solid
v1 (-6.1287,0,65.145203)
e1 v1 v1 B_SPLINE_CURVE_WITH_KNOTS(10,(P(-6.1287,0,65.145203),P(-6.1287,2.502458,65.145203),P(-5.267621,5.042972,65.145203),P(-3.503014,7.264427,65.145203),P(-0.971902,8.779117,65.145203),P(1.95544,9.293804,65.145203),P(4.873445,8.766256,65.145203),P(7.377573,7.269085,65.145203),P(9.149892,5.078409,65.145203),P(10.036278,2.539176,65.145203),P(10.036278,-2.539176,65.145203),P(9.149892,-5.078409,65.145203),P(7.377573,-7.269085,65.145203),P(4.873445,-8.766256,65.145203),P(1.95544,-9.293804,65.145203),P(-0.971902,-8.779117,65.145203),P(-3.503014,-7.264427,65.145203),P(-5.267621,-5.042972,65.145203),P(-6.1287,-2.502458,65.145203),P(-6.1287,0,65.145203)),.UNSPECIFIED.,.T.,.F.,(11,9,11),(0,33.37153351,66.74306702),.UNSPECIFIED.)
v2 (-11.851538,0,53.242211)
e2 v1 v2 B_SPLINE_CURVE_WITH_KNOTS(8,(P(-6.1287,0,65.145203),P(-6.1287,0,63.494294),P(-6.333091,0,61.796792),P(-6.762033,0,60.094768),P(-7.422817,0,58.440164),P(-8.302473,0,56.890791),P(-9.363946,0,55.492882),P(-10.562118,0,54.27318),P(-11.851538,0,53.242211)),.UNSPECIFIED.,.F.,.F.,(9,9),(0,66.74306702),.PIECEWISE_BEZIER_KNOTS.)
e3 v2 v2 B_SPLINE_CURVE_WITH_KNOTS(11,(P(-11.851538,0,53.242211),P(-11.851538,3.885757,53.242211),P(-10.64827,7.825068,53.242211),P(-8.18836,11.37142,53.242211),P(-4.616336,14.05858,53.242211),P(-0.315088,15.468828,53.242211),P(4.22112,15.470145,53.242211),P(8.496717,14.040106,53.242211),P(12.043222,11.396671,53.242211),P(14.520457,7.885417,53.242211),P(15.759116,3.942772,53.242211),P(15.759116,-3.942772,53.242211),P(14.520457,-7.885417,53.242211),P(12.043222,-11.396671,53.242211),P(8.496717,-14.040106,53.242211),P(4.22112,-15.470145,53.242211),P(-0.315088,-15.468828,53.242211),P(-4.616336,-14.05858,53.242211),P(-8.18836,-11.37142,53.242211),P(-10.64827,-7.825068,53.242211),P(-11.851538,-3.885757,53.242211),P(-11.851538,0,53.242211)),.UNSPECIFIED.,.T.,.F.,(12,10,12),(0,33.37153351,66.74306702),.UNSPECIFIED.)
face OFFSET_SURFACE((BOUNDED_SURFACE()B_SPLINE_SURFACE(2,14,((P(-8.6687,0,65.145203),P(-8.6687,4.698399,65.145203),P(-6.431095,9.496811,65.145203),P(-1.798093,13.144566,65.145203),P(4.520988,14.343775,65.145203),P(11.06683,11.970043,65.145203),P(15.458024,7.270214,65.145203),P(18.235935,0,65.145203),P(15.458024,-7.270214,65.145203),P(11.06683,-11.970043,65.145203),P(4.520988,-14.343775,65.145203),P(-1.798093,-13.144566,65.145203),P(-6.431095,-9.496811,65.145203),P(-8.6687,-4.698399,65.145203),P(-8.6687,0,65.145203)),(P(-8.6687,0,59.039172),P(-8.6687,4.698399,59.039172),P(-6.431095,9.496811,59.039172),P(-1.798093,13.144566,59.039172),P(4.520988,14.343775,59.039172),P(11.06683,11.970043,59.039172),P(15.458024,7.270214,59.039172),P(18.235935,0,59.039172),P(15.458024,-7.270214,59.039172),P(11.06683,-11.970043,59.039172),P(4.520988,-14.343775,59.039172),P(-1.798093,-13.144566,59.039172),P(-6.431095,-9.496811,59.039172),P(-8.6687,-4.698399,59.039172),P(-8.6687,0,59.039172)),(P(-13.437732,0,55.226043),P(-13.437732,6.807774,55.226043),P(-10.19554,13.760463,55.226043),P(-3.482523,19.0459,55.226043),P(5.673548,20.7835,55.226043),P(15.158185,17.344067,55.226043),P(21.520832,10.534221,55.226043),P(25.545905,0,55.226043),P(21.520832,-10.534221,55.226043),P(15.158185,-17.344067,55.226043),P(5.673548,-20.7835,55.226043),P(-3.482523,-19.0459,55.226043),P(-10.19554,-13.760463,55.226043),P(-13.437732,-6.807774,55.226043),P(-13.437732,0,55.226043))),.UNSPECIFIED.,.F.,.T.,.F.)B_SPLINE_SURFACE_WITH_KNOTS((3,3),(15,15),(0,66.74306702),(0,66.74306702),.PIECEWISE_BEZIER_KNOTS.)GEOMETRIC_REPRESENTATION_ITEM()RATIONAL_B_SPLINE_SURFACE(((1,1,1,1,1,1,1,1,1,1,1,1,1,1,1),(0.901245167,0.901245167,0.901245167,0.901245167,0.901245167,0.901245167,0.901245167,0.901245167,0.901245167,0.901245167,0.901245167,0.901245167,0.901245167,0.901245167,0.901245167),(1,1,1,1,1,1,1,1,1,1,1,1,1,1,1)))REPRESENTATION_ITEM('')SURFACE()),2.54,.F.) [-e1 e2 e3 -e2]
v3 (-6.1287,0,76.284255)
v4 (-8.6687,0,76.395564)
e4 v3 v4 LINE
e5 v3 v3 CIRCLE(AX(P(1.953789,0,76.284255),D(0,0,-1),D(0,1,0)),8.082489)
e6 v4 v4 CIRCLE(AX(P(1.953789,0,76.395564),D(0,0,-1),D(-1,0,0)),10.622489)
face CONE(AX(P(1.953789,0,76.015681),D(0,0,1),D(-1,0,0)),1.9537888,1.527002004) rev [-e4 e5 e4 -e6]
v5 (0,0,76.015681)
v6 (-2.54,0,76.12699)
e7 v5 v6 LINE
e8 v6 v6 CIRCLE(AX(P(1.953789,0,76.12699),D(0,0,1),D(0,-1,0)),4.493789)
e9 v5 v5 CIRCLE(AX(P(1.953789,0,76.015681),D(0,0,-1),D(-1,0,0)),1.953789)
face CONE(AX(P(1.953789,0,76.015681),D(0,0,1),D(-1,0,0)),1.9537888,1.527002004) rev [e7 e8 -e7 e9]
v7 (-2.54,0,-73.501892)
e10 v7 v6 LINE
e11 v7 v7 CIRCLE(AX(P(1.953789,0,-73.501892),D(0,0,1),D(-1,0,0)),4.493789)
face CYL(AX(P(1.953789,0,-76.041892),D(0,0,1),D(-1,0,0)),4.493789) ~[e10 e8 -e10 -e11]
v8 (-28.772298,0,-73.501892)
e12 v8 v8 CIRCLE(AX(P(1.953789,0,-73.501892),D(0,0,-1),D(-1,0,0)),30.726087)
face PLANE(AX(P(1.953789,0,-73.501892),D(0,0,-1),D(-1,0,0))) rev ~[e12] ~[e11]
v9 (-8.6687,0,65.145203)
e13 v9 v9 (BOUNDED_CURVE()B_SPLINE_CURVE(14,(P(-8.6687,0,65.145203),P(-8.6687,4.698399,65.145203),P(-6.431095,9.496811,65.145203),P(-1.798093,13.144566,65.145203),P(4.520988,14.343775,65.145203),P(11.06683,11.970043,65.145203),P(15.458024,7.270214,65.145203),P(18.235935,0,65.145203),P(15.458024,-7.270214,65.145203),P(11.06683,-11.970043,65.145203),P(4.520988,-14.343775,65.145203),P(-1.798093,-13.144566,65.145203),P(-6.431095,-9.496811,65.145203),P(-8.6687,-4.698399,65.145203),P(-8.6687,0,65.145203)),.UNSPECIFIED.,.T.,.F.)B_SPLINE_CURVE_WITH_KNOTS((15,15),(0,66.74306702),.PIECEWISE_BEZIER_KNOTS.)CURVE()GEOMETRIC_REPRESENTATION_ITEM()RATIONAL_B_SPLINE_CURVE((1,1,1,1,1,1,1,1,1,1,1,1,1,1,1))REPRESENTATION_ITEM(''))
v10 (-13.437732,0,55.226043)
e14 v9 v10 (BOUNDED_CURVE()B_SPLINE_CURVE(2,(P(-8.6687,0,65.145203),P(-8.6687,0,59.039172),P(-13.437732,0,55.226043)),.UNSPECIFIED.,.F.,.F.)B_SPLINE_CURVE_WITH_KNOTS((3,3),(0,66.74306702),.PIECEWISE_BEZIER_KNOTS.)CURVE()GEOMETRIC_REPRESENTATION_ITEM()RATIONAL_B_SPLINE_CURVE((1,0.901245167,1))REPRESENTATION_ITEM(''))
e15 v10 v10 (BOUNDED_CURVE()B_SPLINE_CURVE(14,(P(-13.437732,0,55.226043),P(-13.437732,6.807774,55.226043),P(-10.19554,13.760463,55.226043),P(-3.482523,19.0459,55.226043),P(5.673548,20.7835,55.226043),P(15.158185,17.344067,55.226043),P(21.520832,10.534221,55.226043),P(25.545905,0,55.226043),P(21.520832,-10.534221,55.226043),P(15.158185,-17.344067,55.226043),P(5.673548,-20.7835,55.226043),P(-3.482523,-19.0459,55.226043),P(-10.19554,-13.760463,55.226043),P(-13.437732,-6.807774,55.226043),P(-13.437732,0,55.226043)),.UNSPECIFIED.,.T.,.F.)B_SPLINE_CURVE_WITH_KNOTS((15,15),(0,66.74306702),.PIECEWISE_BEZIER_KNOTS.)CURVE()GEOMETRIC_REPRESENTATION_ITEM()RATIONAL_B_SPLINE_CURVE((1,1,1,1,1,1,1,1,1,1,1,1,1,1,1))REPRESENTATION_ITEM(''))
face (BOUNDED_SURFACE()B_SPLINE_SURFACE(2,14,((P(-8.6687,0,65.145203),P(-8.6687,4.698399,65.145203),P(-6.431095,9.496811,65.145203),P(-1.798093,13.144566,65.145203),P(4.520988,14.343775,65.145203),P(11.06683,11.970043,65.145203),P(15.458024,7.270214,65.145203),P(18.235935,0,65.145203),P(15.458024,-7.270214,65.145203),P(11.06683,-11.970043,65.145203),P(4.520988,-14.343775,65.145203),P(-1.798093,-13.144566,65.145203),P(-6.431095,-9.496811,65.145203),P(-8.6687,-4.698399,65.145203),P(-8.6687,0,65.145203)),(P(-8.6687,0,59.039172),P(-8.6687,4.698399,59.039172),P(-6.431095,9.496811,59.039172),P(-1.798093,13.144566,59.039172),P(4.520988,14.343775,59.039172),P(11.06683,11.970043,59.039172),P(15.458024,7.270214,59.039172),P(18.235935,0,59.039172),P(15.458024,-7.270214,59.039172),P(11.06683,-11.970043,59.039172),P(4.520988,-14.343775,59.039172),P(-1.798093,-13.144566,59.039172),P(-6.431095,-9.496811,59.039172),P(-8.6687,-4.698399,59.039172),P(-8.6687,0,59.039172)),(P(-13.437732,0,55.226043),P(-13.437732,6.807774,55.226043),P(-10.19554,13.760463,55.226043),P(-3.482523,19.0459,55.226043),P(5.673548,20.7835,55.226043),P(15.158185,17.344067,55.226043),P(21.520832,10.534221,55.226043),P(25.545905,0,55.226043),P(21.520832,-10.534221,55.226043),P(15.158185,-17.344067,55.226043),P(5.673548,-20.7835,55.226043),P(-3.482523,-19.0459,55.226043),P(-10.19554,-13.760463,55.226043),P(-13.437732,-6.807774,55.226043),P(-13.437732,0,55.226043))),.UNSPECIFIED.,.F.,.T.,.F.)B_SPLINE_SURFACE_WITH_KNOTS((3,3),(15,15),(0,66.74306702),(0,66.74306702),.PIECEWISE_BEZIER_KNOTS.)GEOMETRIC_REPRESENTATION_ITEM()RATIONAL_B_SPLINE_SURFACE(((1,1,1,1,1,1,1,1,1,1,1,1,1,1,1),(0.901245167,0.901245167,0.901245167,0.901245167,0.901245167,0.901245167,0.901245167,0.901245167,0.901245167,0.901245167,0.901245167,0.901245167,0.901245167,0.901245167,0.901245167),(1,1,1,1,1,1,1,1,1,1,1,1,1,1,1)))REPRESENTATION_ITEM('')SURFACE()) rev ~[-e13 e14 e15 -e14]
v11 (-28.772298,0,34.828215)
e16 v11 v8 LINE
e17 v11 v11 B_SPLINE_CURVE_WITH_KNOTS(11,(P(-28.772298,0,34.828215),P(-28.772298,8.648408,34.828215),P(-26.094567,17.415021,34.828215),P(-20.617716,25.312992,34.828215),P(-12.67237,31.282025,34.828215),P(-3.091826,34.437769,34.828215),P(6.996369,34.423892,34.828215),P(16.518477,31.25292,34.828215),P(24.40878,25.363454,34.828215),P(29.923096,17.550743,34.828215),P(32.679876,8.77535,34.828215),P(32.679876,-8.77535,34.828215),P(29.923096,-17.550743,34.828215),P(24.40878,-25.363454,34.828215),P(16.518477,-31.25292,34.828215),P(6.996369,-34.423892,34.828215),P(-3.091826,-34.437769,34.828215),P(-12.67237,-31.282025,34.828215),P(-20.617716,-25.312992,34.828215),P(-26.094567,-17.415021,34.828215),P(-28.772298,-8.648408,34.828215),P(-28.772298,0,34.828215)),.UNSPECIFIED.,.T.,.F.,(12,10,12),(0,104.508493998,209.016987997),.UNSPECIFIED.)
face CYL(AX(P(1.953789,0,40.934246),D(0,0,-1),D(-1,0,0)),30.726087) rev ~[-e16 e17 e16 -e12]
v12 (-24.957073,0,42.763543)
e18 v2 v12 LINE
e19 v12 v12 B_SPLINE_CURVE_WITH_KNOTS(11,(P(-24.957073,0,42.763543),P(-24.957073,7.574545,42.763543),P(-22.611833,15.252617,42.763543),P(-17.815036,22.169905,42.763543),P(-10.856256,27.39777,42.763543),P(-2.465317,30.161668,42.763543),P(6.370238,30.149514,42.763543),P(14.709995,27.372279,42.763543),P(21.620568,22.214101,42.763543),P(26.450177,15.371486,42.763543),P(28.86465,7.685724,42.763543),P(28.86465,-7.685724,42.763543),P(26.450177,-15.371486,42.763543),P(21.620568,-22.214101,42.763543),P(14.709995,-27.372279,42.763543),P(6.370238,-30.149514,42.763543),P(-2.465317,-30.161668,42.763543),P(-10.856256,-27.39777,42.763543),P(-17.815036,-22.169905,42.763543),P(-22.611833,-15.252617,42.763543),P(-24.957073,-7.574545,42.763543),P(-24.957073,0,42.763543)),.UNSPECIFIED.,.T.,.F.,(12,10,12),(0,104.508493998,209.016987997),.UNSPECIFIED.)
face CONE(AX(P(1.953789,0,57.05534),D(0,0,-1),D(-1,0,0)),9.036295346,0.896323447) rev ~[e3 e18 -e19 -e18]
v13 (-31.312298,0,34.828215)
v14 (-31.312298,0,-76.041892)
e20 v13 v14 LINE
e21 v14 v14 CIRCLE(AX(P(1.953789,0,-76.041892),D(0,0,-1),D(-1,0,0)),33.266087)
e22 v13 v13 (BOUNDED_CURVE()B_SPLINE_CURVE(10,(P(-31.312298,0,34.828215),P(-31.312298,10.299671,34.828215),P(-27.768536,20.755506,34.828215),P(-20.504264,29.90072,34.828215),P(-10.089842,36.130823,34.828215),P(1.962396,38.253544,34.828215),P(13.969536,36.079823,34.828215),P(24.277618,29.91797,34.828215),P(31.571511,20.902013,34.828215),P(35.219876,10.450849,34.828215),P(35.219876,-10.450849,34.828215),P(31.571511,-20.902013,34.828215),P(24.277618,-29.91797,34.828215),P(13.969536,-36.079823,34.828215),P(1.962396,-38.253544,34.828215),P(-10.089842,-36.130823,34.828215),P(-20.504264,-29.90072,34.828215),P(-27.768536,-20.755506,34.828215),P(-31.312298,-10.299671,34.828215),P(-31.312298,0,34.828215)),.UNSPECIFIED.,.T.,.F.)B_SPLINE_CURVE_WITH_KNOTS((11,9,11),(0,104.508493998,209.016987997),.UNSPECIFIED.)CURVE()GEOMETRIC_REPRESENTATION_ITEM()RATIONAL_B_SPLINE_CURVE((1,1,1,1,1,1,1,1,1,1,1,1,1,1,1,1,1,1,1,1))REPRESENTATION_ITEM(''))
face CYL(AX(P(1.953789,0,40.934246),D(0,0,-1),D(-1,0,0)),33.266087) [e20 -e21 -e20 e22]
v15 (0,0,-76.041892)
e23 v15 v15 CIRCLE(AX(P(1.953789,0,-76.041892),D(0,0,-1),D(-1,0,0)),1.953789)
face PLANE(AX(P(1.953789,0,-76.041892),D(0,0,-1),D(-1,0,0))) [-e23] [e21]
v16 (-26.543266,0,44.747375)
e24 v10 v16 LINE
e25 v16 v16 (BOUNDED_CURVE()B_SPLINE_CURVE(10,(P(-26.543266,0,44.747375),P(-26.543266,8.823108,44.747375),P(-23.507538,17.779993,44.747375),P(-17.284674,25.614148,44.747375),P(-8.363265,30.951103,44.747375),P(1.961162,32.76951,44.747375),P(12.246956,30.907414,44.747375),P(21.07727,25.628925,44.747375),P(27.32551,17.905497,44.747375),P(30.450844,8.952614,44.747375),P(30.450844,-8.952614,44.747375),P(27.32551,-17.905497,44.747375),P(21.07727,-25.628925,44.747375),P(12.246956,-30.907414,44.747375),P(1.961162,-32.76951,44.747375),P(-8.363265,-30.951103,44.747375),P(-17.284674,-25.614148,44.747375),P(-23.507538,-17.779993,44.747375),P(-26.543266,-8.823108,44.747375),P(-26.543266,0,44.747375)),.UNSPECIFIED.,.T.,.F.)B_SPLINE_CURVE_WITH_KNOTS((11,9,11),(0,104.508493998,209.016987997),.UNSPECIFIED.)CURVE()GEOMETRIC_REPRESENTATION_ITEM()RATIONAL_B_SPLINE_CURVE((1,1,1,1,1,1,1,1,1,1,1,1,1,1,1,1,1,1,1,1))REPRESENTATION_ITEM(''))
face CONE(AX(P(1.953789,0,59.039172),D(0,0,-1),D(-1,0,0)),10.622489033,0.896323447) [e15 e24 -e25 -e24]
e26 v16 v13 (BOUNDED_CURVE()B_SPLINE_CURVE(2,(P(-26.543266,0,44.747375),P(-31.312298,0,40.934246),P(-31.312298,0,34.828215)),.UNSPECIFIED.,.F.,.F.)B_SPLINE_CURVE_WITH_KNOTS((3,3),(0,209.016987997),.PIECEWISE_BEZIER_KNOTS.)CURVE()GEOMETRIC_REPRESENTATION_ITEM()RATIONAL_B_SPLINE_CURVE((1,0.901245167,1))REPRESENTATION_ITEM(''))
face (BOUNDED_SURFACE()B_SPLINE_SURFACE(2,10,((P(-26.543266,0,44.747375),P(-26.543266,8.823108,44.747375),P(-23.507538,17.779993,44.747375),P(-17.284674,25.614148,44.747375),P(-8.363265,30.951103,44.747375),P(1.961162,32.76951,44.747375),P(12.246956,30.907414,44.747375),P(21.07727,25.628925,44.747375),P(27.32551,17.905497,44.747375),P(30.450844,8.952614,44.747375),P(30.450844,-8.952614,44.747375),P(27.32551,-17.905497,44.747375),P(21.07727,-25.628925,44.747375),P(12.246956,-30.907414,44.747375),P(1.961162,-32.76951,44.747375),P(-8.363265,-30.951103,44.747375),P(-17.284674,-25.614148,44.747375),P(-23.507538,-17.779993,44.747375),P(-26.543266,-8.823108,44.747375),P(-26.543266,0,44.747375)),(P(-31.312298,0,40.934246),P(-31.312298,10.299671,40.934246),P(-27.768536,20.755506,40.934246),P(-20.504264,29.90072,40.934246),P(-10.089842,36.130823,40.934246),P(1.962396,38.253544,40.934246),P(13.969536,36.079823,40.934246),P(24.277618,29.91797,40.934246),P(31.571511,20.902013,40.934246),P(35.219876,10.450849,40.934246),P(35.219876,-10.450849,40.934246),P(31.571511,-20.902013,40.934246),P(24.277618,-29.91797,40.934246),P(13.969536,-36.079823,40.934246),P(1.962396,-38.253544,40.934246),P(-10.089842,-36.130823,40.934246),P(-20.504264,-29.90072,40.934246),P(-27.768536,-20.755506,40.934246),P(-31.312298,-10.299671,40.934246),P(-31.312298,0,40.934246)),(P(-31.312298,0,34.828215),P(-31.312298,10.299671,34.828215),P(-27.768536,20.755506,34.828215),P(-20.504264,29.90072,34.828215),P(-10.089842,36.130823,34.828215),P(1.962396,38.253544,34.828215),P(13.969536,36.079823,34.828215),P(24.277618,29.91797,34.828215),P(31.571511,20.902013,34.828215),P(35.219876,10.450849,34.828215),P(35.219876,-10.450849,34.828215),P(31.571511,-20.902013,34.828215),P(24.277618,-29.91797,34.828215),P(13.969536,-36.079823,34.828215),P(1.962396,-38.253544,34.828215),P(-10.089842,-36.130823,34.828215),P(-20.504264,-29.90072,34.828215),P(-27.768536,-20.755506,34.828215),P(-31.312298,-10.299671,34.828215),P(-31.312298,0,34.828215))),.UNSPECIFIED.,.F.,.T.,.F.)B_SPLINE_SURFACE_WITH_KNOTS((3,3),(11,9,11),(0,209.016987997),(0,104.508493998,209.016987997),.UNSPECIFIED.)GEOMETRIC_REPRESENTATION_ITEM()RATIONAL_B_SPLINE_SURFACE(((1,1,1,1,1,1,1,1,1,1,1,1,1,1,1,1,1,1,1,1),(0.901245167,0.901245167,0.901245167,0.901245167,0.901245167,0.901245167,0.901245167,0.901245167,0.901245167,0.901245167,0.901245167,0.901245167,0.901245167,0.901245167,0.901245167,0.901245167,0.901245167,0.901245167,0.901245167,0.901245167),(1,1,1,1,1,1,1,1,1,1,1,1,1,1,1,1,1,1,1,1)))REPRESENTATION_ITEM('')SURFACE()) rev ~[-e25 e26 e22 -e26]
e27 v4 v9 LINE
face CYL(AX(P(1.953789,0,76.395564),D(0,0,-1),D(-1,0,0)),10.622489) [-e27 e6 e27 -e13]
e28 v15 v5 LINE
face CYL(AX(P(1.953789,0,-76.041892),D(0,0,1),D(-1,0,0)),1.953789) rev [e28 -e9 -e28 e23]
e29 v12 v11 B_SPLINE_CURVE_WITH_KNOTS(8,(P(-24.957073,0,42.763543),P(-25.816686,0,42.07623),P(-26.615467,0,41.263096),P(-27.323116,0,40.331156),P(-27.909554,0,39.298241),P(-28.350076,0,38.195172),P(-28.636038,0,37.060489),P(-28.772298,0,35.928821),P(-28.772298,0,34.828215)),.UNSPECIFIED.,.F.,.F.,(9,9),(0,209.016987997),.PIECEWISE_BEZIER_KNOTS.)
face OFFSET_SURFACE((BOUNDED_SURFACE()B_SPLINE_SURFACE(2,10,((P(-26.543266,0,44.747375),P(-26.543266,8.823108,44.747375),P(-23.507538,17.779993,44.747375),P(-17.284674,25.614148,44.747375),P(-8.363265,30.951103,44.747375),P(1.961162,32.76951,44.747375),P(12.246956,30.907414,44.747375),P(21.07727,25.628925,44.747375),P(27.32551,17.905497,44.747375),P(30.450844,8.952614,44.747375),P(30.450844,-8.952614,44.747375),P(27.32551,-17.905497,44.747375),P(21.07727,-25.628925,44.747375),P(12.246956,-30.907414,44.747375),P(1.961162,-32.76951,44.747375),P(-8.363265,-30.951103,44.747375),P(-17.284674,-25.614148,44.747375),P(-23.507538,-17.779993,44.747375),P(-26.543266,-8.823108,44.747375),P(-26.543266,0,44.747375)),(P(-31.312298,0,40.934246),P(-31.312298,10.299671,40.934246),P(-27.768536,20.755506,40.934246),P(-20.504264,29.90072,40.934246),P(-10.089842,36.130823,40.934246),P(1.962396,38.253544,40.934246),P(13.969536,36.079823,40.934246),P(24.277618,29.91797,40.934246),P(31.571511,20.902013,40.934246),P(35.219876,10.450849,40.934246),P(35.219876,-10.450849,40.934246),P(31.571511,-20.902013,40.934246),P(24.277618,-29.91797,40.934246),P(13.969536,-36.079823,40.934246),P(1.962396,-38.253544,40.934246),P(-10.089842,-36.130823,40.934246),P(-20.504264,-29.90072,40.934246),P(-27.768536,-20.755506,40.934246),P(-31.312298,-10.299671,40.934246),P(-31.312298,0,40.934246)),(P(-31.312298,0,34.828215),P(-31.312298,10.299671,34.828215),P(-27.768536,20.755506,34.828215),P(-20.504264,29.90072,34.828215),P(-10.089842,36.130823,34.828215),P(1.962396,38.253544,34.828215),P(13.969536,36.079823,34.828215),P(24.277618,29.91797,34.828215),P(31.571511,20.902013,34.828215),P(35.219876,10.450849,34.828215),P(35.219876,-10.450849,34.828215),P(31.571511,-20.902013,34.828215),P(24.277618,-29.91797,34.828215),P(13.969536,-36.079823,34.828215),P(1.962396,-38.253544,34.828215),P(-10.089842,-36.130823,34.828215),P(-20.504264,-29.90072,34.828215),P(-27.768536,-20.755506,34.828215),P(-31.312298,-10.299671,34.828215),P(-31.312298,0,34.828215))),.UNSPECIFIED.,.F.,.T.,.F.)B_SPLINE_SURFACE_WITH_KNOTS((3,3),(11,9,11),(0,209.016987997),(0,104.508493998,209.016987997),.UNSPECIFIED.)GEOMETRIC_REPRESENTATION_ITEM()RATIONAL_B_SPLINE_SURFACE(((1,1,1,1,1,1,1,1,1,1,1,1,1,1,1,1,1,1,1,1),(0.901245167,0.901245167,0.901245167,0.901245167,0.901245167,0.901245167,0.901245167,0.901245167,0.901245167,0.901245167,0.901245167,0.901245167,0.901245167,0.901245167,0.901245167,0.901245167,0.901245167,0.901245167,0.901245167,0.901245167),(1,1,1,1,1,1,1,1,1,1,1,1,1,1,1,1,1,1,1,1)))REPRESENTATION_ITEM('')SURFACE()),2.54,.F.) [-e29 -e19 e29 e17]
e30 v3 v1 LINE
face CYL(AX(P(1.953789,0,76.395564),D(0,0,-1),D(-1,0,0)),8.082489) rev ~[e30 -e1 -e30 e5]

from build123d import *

# Parameters (mm, degrees)
F3_R = 12.7
F4_T = -2.54


with BuildPart() as f2:
    # F0 (on Front) → F2 (revolve)
    with BuildSketch(Plane.XZ):
        Polygon((0, -76.0418921709), (0, 76.0156810284), (-8.6687002331, 76.3955637813), (-8.6687002331, 59.0391717851), (-31.3122980297, 40.9342460334), (-31.3122980297, -76.0418921709), align=None)
    revolve(axis=Axis((1.9537888002, 0, -0.1578219235), (0, 0, -1)))

    # F3
    f3_edges = [f2.edges().sort_by_distance(p)[0] for p in [
        (35.219876, 0, 40.934246),
        (12.576278, 0, 59.039172),
    ]]
    fillet(f3_edges, radius=F3_R)

    # F4
    f4_openings = [f2.faces().sort_by_distance(p)[0] for p in [
        (8.241928, 0, 76.205622),
    ]]
    offset(amount=F4_T, openings=f4_openings)


solid = f2.part
